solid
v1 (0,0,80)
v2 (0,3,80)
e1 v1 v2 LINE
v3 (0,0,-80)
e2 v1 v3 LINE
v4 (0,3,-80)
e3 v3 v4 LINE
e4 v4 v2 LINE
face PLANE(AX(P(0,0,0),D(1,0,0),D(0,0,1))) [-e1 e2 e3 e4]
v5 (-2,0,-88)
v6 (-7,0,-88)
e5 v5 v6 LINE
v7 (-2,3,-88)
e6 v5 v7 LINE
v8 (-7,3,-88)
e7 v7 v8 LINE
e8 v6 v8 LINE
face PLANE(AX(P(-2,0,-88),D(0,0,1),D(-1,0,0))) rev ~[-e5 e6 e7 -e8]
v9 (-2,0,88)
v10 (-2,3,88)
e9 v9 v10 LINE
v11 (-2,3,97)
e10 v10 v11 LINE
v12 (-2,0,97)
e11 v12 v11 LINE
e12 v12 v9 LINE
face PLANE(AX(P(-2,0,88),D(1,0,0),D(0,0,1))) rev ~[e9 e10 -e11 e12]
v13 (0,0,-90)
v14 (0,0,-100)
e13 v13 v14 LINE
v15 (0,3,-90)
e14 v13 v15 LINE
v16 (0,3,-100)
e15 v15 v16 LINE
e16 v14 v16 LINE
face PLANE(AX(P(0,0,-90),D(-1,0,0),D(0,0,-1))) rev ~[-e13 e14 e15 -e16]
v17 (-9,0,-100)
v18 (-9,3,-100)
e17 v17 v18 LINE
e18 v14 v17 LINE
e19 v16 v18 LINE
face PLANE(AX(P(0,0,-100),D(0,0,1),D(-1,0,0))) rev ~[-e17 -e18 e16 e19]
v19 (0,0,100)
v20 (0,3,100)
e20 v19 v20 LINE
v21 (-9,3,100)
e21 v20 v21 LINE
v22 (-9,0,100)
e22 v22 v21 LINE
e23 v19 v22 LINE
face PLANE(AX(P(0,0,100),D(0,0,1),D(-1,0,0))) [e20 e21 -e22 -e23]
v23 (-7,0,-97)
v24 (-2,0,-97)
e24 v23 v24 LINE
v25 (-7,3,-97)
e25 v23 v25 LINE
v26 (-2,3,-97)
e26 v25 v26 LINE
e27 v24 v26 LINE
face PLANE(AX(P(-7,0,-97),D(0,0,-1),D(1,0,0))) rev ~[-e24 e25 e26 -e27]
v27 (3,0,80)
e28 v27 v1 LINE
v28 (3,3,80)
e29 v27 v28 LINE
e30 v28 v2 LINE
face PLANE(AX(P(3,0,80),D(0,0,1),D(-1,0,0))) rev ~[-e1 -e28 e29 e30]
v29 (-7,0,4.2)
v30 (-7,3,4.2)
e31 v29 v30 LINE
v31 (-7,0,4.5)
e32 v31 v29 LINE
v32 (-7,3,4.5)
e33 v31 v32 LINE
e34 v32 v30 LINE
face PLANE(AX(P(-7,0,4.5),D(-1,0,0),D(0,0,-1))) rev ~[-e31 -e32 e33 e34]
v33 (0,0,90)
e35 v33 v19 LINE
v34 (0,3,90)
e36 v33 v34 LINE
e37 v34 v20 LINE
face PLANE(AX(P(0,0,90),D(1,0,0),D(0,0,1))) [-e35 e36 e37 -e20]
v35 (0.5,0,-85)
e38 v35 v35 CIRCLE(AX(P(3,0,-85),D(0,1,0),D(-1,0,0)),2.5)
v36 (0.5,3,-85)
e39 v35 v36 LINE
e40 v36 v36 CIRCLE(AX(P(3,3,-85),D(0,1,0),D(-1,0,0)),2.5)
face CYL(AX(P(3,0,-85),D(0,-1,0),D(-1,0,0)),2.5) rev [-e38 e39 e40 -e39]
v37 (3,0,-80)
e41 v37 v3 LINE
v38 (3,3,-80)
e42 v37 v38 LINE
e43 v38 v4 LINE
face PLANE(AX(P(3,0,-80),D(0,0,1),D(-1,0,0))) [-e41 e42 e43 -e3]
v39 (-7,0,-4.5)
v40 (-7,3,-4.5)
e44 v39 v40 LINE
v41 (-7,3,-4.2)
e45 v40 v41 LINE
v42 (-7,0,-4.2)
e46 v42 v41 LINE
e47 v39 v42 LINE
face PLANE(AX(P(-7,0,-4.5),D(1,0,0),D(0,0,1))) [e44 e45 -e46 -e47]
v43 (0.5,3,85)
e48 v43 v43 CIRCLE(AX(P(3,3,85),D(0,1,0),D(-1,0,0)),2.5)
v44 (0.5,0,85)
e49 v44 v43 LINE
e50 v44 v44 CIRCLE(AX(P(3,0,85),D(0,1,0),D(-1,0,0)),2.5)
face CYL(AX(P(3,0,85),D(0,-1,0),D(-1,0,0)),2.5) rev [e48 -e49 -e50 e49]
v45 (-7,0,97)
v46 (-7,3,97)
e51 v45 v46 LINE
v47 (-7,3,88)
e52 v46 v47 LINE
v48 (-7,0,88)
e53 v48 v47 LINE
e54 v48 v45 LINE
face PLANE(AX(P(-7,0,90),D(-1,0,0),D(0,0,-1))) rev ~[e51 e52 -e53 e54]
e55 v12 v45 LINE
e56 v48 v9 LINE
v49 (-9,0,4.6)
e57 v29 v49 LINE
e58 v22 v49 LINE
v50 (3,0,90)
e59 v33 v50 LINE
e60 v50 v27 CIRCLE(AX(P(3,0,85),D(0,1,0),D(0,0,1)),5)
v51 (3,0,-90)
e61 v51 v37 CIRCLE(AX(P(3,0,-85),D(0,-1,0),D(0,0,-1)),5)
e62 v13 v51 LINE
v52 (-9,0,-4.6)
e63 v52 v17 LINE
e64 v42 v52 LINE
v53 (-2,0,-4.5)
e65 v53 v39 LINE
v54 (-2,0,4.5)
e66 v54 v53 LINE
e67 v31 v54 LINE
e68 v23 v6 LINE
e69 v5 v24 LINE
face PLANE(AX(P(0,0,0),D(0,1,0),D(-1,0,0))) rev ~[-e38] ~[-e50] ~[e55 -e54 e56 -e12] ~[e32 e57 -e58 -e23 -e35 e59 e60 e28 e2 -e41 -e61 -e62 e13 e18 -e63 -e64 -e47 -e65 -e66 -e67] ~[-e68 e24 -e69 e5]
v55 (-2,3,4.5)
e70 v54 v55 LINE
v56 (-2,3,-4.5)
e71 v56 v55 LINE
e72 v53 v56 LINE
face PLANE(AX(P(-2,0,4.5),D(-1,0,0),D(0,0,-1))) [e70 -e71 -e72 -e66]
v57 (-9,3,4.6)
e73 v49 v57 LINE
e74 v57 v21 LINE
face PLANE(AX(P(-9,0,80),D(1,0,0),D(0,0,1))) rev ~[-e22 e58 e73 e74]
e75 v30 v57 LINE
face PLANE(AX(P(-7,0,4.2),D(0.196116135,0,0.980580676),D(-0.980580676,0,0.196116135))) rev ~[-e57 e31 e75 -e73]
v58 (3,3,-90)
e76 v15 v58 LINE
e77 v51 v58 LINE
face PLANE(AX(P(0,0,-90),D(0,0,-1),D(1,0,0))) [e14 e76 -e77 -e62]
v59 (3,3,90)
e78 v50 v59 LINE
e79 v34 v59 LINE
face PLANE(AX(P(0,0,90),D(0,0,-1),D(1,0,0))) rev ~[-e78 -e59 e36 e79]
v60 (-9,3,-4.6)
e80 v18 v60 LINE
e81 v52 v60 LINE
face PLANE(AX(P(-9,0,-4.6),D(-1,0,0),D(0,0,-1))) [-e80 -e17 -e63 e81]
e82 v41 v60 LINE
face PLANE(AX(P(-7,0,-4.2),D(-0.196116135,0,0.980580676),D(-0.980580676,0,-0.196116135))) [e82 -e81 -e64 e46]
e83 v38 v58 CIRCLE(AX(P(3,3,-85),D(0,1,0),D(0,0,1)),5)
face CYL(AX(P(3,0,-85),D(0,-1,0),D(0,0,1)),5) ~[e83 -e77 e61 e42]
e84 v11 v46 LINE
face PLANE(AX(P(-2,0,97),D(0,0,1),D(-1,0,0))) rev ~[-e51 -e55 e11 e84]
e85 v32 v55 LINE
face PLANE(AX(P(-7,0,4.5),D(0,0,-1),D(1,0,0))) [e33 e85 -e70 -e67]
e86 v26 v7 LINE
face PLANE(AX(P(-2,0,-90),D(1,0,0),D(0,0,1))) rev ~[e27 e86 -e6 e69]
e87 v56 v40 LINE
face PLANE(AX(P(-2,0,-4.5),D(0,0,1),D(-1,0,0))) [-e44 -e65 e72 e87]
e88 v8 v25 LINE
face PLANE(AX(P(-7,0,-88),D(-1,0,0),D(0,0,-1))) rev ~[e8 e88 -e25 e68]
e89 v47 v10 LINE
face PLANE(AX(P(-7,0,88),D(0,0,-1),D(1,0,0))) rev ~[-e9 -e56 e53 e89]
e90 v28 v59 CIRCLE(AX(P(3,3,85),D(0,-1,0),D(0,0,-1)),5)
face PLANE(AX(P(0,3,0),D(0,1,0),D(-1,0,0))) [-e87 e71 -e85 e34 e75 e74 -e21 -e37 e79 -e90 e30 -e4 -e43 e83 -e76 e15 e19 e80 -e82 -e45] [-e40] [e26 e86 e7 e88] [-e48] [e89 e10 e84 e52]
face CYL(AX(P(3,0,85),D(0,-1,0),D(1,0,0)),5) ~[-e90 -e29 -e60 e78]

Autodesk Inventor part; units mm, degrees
ref_plane "YZ Plane" through (0, 0, 0) normal (1, 0, 0) x (0, 1, 0)
ref_plane "XZ Plane" through (0, 0, 0) normal (0, 1, 0) x (-1, 0, 0)
ref_plane "XY Plane" through (0, 0, 0) normal (0, 0, 1) x (1, 0, 0)
sketch "草圖1" plane through (0, 0, 0) normal (0, 1, 0) x (-1, 0, 0)
  line L0 (0, 80) -> (9, 80)
  line L1 (9, -80) -> (0, -80)
  line L2 (0, -80) -> (0, 80)
  line L3 (7, 4.5) -> (2, 4.5)
  line L4 (2, 4.5) -> (2, -4.5)
  line L5 (2, -4.5) -> (7, -4.5)
  line L6 (9, 80) -> (9, 90)
  line L7 (9, 90) -> (-3, 90)
  line L8 (-8, 85) -> (-8, 85)
  line L9 (-3, 80) -> (0, 80)
  arc A0 (-8, 85) -> (-3, 80) centre (-3, 85) ccw
  arc A1 (-3, 90) -> (-8, 85) centre (-3, 85) ccw
  circle A2 centre (-3, 85) radius 2.5
  line L10 (9, 0) -> (0, 0)
  line L11 (9, -80) -> (9, -90)
  line L12 (9, -90) -> (-3, -90)
  line L13 (-3, -80) -> (0, -80)
  arc A3 (-3, -80) -> (-8, -85) centre (-3, -85) ccw
  arc A4 (-8, -85) -> (-3, -90) centre (-3, -85) ccw
  circle A5 centre (-3, -85) radius 2.5
  line L14 (9, 80) -> (9, 4.6)
  line L15 (9, -4.6) -> (9, -80)
  line L16 (7, -4.5) -> (7, -4.2)
  line L17 (7, -4.2) -> (9, -4.6)
  line L18 (7, 4.5) -> (7, 4.2)
  line L19 (7, 4.2) -> (9, 4.6)
  line L20 (9, 90) -> (0, 90)
  line L21 (0, 90) -> (0, 100)
  line L22 (0, 100) -> (9, 100)
  line L23 (9, 100) -> (9, 90)
  line L24 (9, -90) -> (0, -90)
  line L25 (0, -90) -> (0, -100)
  line L26 (0, -100) -> (9, -100)
  line L27 (9, -100) -> (9, -90)
  line L28 (2, 97) -> (7, 97)
  line L29 (7, 97) -> (7, 88)
  line L30 (7, 88) -> (2, 88)
  line L31 (2, 88) -> (2, 97)
  line L32 (7, -97) -> (2, -97)
  line L33 (2, -97) -> (2, -88)
  line L34 (2, -88) -> (7, -88)
  line L35 (7, -88) -> (7, -97)
  point P0 (4.5, 4.5)
  point P1 (4.5, 80)
  point P2 (-8, 90)
  point P3 (-8, -90)
  point P4 (2, 0)
  point P5 (4.5, 97)
  point P6 (4.5, 100)
  point P7 (4.5, -97)
  point P8 (4.5, -100)
  dimension "d0" = 160
  dimension "d1" = 9
  dimension "d3" = 5
  dimension "d4" = 10
  dimension "d5" = 17
  dimension "d6" = 5
  dimension "d7" = 5
  dimension "d8" = 5
  dimension "d13" = 9
  dimension "d14" = 0.3
  dimension "d15" = 0.3
  dimension "d17" = 0
  dimension "d18" = 5
  dimension "d21" = 17
  dimension "d22" = 10
  dimension "d23" = 9
  dimension "d24" = 9
  dimension "d25" = 10
  dimension "d26" = 9
  dimension "d27" = 5
  dimension "d28" = 3
  dimension "d29" = 9
  dimension "d30" = 5
  dimension "d31" = 3
  dimension "d32" = 75.4
  dimension "d33" = 75.4
extrude "擠出1" add sketch "草圖1" along normal blind 3 contours L9 A0 A1 L7 L31 L30 L29 L6 L0 | L0 L14 L19 L18 L3 L4 L10 L2 | L10 L4 L5 L16 L17 L15 L1 L2 | L7 L29 L28 L31 L21 L22 L23 | L1 L11 L12 L35 L34 L33 A4 A3 L13 | L27 L26 L25 L12 L33 L32 L35
properties part number "Lower_Bar"
